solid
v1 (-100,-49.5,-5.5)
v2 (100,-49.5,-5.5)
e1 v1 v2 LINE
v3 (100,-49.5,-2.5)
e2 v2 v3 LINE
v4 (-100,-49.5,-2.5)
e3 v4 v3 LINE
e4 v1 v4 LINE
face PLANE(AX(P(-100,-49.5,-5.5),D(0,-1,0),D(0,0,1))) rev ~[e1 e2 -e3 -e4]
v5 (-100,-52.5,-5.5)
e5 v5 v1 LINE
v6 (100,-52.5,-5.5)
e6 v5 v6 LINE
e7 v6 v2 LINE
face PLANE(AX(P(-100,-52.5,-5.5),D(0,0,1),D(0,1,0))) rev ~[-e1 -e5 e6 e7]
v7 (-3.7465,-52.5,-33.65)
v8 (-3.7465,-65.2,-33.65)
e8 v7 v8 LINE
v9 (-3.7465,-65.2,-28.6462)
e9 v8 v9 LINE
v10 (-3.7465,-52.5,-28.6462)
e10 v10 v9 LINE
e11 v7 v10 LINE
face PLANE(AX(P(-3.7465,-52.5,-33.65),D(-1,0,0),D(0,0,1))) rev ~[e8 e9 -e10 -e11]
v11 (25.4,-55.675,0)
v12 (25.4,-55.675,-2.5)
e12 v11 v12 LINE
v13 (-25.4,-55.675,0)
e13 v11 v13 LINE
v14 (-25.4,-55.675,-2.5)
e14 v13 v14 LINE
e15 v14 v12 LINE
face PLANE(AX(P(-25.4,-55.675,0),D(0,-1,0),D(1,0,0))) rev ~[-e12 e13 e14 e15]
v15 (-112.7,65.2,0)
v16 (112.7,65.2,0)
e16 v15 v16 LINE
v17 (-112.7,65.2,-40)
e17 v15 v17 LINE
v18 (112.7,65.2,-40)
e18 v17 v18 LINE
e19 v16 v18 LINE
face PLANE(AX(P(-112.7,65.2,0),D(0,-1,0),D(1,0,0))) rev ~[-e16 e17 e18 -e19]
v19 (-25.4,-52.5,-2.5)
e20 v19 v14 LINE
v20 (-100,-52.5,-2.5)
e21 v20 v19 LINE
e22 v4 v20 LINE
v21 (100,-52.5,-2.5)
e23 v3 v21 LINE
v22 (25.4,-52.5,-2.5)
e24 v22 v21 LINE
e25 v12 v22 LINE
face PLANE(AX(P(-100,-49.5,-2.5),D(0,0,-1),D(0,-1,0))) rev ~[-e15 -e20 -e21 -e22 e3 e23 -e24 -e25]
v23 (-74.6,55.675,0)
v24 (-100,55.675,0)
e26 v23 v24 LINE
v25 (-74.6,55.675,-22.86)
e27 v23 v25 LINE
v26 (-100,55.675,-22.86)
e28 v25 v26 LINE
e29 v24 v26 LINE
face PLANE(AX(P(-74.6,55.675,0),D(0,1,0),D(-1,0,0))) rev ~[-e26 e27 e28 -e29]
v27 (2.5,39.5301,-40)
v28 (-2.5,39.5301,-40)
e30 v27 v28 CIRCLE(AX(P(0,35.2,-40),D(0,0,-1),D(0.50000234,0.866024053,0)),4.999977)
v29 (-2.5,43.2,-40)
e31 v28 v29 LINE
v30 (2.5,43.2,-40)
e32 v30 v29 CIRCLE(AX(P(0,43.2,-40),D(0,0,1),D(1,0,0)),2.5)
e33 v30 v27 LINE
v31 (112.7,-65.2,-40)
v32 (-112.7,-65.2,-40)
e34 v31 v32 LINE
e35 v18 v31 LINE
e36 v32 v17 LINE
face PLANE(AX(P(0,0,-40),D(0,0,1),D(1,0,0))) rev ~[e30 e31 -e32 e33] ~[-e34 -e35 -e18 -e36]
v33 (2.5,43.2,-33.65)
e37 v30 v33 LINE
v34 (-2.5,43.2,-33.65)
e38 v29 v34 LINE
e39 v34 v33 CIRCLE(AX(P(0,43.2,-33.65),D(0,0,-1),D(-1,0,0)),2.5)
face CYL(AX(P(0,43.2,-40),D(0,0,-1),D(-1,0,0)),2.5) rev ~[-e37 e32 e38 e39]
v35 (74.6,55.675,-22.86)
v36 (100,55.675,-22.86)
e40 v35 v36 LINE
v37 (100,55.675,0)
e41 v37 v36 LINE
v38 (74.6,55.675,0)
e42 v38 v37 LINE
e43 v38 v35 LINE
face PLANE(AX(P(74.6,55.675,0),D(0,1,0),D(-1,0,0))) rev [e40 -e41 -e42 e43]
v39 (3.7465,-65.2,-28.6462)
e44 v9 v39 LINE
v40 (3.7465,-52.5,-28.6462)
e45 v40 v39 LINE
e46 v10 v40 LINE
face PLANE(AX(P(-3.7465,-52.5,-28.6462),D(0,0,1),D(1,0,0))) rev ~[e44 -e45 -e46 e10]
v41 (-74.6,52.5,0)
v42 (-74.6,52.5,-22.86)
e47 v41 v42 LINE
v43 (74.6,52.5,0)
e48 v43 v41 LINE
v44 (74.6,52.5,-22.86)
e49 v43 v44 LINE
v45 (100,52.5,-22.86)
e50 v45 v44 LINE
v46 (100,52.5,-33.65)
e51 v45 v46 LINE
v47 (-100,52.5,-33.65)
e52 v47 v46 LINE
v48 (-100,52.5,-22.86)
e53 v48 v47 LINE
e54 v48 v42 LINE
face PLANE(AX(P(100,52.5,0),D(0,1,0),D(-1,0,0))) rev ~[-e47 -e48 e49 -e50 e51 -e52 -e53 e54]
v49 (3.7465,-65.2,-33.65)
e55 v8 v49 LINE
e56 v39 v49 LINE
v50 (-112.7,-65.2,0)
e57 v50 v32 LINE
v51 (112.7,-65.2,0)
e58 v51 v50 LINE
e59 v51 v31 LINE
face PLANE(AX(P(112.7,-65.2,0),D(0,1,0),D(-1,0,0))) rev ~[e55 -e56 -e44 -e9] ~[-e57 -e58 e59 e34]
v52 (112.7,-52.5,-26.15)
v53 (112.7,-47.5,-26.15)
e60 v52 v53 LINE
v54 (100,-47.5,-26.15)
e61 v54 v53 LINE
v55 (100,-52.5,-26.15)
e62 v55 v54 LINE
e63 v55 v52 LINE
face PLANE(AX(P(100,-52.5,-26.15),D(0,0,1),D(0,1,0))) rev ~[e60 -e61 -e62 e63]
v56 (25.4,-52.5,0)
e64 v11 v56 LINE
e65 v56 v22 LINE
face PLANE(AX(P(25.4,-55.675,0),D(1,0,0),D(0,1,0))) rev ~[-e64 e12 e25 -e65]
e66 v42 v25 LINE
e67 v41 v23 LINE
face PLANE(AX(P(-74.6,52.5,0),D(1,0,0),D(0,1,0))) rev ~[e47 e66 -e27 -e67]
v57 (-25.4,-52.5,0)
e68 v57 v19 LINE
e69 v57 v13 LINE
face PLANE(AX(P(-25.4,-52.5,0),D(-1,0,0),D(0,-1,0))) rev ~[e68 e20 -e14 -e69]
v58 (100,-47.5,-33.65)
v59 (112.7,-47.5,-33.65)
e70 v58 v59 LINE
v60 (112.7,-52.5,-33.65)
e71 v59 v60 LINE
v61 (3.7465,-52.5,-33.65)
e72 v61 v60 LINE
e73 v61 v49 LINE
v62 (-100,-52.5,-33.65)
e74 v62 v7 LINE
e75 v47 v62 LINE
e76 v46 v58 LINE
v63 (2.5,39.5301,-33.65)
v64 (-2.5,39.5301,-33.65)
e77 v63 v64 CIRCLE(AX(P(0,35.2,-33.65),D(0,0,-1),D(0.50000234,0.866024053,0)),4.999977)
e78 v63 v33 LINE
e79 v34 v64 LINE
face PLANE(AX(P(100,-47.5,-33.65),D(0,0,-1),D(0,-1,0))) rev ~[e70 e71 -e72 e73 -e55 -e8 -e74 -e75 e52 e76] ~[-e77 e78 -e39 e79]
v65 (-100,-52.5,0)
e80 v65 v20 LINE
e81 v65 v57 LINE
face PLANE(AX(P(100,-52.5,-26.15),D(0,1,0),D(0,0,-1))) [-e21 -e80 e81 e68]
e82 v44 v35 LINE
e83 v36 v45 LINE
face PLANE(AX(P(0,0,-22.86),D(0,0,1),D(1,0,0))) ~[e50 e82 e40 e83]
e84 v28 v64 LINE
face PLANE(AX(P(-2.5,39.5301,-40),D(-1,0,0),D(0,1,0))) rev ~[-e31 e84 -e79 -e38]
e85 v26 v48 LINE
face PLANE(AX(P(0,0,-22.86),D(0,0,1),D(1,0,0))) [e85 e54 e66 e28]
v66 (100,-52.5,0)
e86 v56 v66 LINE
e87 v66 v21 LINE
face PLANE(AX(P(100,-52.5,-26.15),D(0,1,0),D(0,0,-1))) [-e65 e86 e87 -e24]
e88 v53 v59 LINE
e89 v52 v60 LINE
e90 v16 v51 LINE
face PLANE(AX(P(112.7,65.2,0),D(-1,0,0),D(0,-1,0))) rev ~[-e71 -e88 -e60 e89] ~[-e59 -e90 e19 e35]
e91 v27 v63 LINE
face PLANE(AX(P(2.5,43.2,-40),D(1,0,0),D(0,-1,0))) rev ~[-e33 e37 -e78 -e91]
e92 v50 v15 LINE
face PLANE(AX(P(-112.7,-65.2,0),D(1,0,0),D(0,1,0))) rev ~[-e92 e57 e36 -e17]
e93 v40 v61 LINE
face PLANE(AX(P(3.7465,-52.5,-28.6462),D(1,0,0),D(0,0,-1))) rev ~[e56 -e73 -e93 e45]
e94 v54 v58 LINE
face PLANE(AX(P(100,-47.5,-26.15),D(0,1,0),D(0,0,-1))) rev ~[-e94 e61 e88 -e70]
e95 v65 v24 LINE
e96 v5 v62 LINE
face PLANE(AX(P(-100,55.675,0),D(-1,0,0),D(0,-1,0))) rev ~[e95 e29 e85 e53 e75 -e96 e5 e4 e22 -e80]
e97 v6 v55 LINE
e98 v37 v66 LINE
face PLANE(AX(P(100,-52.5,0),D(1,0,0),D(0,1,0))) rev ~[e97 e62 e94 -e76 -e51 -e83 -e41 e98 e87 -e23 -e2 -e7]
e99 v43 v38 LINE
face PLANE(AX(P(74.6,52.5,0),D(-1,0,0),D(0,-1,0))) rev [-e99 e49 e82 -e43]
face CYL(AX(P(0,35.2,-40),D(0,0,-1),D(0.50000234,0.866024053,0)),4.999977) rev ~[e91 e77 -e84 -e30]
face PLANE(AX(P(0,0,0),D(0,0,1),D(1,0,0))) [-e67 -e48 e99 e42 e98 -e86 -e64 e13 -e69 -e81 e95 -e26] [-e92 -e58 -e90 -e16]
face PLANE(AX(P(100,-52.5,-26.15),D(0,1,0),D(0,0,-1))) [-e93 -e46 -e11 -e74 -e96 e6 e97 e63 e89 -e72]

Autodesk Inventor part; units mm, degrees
ref_plane "YZ Plane" through (0, 0, 0) normal (1, 0, 0) x (0, 1, 0)
ref_plane "XZ Plane" through (0, 0, 0) normal (0, 1, 0) x (-1, 0, 0)
ref_plane "XY Plane" through (0, 0, 0) normal (0, 0, 1) x (1, 0, 0)
sketch "Sketch1" plane through (0, 0, 0) normal (0, 0, 1) x (1, 0, 0)
  line L0 (-100, -52.5) -> (100, -52.5)
  line L1 (100, -52.5) -> (100, 52.5)
  line L2 (100, 52.5) -> (-100, 52.5)
  line L3 (-100, 52.5) -> (-100, -52.5)
  line L4 (-100, -52.5) -> (100, 52.5) construction
  line L5 (100, -52.5) -> (-100, 52.5) construction
  line L6 (-112.7, 65.2) -> (112.7, 65.2)
  line L7 (112.7, 65.2) -> (112.7, -65.2)
  line L8 (112.7, -65.2) -> (-112.7, -65.2)
  line L9 (-112.7, -65.2) -> (-112.7, 65.2)
  point P0 (0, 0)
  dimension "d0" = 200
  dimension "d1" = 105
  dimension "d2" = 12.7
extrude "Extrusion1" add sketch "Sketch1" against normal blind 40
sketch "Sketch2" plane through (-100, 52.5, 0) normal (0, -1, 0) x (1, 0, 0)
  line L0 (200, -40) -> (0, -40) projected
  line L1 (0, 0) -> (0, -40) projected
  line L2 (200, -40) -> (0, -40)
  line L3 (0, -40) -> (0, -33.65)
  line L4 (0, -33.65) -> (200, -33.65)
  line L5 (200, -33.65) -> (200, -40)
  point P0 (100, 0)
  dimension "d5" = 6.35
extrude "Extrusion2" add sketch "Sketch2" along normal up to next
sketch "Sketch4" plane through (0, 0, -40) normal (0, 0, -1) x (-1, 0, 0)
  line L0 (112.7, 65.2) -> (-112.7, 65.2) projected
  line L1 (0, 65.2) -> (0, -65.2)
  line L2 (-112.7, -65.2) -> (112.7, -65.2) projected
  arc A0 (-2.5, 39.5301) -> (2.5, 39.5301) centre (0, 35.2) ccw
  line L3 (0, 35.2) -> (0, 43.2) construction
  line L4 (2.5, 39.5301) -> (2.5, 43.2)
  line L5 (-2.5, 43.2) -> (-2.5, 39.5301)
  arc A1 (2.5, 43.2) -> (-2.5, 43.2) centre (0, 43.2) ccw
  point P0 (0, 0)
  point P1 (0, 39.2)
  dimension "d14" = 10
  dimension "d15" = 5
  dimension "d17" = 30
  dimension "d18" = 8
extrude "Extrusion4" cut sketch "Sketch4" against normal through all
sketch "Sketch5" plane through (100, -52.5, 0) normal (-1, 0, 0) x (0, 0, 1)
  line L0 (-33.65, 105) -> (-33.65, 0) projected
  line L1 (0, 0) -> (-40, 0) projected
  line L2 (-33.65, 0) -> (-26.15, 0)
  line L3 (-26.15, 0) -> (-26.15, 5)
  line L4 (-26.15, 5) -> (-33.65, 5)
  line L5 (-33.65, 5) -> (-33.65, 0)
  point P0 (0, 52.5)
  dimension "d21" = 7.5
  dimension "d22" = 5
extrude "Extrusion5" cut sketch "Sketch5" against normal through all
sketch "Sketch6" plane through (-100, -52.5, 0) normal (1, 0, 0) x (0, 0, -1)
  line L0 (0, 0) -> (33.65, 0) projected
  line L1 (0, 0) -> (0, 105) projected
  line L2 (0, 105) -> (33.65, 105) projected
  line L3 (2.5, 0) -> (5.5, 0)
  line L4 (5.5, 0) -> (5.5, 3)
  line L5 (5.5, 3) -> (2.5, 3)
  line L6 (2.5, 3) -> (2.5, 0)
  point P0 (0, 52.5)
  point P1 (40, 0)
  point P2 (40, 105)
  dimension "d26" = 2.5
  dimension "d27" = 3
  dimension "d28" = 3
extrude "Extrusion6" add sketch "Sketch6" along normal up to next
sketch "Sketch7" plane through (0, 0, 0) normal (0, 0, 1) x (1, 0, 0)
  line L0 (112.7, -65.2) -> (-112.7, -65.2) projected
  line L1 (0, -65.2) -> (0, -52.5)
  line L2 (-100, -52.5) -> (112.7, -52.5) projected
  line L3 (-25.4, -55.675) -> (25.4, -55.675)
  line L4 (25.4, -55.675) -> (25.4, -52.5)
  line L5 (25.4, -52.5) -> (-25.4, -52.5)
  line L6 (-25.4, -52.5) -> (-25.4, -55.675)
  line L7 (-25.4, -55.675) -> (25.4, -52.5) construction
  line L8 (25.4, -55.675) -> (-25.4, -52.5) construction
  arc A0 (25.4, -55.675) -> (28.575, -52.5) centre (25.4, -52.5) ccw construction
  arc A1 (-28.575, -52.5) -> (-25.4, -55.675) centre (-25.4, -52.5) ccw construction
  point P0 (0, 0)
  point P1 (0, -54.0875)
  point P2 (100, -52.5)
  dimension "d32" = 50.8
  dimension "d33" = 3.175
extrude "Extrusion7" cut sketch "Sketch7" against normal up to surface (2.5 mm away)
sketch "Sketch8" plane through (0, 0, 0) normal (0, 0, 1) x (1, 0, 0)
  line L0 (-100, -52.5) -> (-100, 52.5) projected
  line L1 (-100, 52.5) -> (-74.6, 52.5)
  line L2 (-74.6, 52.5) -> (-74.6, 55.675)
  line L3 (-74.6, 55.675) -> (-100, 55.675)
  line L4 (-100, 55.675) -> (-100, 52.5)
  point P0 (0, 0)
  dimension "d36" = 25.4
  dimension "d37" = 3.175
extrude "Extrusion8" cut sketch "Sketch8" against normal blind 22.86
mirror "Mirror1" about plane through (0, 0, 0) normal (1, 0, 0) of "Extrusion8"
sketch "Sketch9" plane through (-100, -52.5, -33.65) normal (0, 1, 0) x (1, 0, 0)
  line L0 (0, 0) -> (212.7, 0) projected
  line L1 (96.2535, -5.0038) -> (103.7465, -5.0038)
  line L2 (103.7465, -5.0038) -> (103.7465, 0)
  line L3 (103.7465, 0) -> (96.2535, 0)
  line L4 (96.2535, 0) -> (96.2535, -5.0038)
  line L5 (212.7, 6.35) -> (-12.7, 6.35) projected
  line L6 (100, 6.35) -> (100, -33.65)
  line L7 (125.4, -33.65) -> (74.6, -33.65) projected
  point P0 (100, 0)
  point P1 (200, 0)
  dimension "d40" = 7.493
  dimension "d41" = 5.0038
extrude "Extrusion9" cut sketch "Sketch9" against normal through all
properties part number "housing"
